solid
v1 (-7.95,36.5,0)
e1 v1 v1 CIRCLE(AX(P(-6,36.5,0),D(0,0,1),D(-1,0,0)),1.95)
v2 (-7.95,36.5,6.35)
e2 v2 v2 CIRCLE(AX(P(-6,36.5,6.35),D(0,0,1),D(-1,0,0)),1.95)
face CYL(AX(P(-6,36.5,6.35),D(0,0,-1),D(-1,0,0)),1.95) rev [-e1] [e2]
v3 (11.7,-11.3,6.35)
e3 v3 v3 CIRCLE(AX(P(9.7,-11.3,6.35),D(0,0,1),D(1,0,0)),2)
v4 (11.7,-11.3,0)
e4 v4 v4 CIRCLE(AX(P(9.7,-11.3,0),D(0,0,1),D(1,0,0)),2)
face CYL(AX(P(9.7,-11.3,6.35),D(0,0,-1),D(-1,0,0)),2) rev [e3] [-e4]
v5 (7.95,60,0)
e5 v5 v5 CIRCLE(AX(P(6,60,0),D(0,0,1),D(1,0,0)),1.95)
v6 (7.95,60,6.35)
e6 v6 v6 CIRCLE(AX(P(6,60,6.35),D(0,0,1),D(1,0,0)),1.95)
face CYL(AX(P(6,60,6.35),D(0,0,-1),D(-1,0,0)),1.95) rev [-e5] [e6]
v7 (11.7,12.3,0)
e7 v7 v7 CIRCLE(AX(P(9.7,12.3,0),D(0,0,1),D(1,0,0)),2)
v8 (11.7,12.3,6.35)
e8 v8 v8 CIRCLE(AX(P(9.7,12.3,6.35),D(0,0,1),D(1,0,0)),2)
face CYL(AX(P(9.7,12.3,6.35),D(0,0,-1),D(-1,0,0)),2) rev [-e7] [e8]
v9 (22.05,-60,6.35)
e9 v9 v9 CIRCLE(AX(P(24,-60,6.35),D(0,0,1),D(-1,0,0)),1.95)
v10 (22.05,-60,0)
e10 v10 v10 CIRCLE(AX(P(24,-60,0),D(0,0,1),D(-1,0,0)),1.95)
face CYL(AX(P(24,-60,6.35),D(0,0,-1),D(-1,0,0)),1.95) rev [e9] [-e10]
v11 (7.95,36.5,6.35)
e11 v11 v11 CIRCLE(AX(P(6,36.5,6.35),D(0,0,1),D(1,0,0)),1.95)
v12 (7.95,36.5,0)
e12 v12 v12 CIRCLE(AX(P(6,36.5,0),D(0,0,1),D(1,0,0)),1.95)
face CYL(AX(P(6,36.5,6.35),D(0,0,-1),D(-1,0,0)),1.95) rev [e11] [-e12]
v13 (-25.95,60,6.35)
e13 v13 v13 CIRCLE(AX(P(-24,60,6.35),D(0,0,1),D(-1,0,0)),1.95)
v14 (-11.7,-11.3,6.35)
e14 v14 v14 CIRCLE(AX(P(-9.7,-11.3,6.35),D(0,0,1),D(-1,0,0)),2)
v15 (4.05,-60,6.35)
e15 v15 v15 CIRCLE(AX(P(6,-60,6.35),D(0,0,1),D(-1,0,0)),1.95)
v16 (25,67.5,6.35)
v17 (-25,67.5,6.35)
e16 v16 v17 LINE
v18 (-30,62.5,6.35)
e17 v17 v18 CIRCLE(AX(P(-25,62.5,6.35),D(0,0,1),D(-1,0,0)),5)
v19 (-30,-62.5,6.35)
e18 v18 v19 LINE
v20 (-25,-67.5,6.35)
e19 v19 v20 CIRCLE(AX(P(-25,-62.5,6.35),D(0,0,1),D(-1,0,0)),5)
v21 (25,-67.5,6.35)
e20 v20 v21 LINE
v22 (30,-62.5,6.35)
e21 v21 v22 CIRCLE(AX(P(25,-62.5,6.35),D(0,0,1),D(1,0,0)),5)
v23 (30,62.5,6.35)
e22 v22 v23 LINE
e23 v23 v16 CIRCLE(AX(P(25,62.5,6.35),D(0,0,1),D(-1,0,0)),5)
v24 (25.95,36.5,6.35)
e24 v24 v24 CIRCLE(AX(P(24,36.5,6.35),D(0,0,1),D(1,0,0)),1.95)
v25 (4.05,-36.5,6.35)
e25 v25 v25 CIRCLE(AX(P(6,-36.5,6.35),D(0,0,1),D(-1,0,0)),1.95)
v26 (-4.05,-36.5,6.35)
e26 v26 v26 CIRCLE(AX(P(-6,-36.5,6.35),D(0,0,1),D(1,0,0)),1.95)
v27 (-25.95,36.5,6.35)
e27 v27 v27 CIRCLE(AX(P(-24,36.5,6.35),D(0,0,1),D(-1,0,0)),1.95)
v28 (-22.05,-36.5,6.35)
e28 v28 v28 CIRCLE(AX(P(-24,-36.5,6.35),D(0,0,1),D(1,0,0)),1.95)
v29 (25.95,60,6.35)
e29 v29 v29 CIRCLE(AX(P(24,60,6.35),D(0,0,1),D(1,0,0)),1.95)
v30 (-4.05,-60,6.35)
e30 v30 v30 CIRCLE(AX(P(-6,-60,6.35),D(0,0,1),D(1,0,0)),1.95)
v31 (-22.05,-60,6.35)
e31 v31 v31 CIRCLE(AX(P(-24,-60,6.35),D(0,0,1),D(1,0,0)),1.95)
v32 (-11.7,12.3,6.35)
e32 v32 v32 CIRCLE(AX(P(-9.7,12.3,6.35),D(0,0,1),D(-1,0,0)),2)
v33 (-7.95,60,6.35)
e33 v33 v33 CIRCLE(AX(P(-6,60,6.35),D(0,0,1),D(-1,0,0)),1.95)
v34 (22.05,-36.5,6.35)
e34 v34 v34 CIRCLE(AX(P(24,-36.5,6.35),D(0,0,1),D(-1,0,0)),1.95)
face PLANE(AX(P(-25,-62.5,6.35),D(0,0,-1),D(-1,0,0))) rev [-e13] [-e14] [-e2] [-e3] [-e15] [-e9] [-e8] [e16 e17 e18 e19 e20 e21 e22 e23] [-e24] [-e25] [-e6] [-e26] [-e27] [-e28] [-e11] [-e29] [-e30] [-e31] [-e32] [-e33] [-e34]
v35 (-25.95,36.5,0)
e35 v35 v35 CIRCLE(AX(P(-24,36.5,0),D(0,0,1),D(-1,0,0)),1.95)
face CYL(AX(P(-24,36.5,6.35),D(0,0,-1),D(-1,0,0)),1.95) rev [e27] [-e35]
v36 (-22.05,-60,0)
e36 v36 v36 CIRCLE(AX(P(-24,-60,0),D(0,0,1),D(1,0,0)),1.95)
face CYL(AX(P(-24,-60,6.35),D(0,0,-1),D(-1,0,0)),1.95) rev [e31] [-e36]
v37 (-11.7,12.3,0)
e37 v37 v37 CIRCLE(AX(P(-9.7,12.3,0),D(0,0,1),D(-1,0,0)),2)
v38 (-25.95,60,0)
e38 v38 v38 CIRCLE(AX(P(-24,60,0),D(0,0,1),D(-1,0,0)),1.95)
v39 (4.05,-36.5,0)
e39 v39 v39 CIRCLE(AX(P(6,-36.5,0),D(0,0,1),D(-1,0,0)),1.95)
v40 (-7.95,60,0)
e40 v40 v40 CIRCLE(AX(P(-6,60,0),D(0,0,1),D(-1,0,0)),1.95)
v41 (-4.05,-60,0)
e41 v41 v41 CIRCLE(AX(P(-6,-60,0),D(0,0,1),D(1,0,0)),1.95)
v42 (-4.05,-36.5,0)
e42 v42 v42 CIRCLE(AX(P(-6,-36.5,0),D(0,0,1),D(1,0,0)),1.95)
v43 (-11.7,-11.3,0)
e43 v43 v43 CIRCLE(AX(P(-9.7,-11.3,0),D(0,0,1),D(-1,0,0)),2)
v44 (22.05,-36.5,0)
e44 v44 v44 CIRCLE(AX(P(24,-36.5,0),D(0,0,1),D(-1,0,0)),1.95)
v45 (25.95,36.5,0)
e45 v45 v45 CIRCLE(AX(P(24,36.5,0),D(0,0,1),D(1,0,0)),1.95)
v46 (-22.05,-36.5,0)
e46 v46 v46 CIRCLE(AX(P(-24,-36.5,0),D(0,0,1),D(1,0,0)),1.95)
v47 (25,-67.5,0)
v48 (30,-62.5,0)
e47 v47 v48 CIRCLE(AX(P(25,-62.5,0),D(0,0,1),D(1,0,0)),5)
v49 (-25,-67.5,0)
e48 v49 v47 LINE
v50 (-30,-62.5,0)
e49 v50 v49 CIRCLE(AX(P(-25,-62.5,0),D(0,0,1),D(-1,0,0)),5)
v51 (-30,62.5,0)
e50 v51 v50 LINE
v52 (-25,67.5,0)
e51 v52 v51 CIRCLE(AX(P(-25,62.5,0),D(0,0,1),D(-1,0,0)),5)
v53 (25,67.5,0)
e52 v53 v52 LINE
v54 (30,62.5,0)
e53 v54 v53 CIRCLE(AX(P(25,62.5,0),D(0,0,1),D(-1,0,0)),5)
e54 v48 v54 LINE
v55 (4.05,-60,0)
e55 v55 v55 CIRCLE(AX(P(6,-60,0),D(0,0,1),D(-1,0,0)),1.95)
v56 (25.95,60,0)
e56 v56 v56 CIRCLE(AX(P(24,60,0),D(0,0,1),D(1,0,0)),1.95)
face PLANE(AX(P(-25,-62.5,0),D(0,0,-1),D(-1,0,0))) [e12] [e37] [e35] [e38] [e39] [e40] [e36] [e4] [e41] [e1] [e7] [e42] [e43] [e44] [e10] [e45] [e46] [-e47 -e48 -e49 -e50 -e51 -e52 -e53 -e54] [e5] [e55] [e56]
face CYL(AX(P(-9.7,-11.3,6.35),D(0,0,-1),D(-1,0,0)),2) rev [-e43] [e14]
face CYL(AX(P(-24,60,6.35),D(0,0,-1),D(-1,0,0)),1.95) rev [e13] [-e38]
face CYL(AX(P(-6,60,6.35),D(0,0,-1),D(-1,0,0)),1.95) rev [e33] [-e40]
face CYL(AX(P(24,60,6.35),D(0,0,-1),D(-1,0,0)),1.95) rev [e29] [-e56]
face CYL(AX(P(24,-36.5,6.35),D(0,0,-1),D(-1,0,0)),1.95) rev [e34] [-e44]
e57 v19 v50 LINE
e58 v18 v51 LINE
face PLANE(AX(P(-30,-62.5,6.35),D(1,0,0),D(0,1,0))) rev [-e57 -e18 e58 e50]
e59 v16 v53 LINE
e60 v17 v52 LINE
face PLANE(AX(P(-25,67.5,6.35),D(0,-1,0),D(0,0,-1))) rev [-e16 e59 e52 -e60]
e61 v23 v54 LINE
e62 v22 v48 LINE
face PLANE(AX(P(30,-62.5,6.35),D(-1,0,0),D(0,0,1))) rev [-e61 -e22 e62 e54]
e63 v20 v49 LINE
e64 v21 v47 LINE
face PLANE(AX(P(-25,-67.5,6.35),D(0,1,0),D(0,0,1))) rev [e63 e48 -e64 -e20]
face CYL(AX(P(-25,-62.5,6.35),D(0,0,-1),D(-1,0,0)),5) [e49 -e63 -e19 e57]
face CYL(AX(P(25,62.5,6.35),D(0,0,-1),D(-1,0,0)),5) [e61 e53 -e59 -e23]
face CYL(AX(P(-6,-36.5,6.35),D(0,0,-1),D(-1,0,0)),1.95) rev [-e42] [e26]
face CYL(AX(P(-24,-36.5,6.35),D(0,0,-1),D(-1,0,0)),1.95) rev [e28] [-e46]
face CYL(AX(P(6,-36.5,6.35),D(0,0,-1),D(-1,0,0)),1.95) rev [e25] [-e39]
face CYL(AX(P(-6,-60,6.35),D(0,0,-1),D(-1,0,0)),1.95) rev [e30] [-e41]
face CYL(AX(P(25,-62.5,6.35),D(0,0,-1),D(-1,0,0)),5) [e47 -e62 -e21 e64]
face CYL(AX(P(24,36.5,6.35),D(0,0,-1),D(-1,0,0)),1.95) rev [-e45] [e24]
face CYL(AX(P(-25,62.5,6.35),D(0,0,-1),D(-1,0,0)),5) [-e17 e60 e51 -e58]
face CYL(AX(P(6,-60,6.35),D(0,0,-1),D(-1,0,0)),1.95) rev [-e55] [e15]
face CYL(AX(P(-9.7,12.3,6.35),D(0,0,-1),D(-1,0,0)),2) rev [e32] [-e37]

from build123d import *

# Parameters (mm, degrees)
SKETCH1_R           = 1.95
SKETCH1_R_2         = 2
BOSS_EXTRUDE1_DEPTH = 6.35


with BuildPart() as part:
    # Sketch1 → Boss-Extrude1 (new body)
    with BuildSketch(Plane.XY):
        with BuildLine():
            Line((-25, -67.5), (25, -67.5))
            ThreePointArc((25, -67.5), (28.535533906, -66.035533906), (30, -62.5))
            Line((30, -62.5), (30, 62.5))
            ThreePointArc((30, 62.5), (28.535533906, 66.035533906), (25, 67.5))
            Line((25, 67.5), (-25, 67.5))
            ThreePointArc((-25, 67.5), (-28.535533906, 66.035533906), (-30, 62.5))
            Line((-30, 62.5), (-30, -62.5))
            ThreePointArc((-30, -62.5), (-28.535533906, -66.035533906), (-25, -67.5))
        make_face()
        with Locations((24, 60)):
            Circle(SKETCH1_R, mode=Mode.SUBTRACT)
        with Locations((6, 60)):
            Circle(SKETCH1_R, mode=Mode.SUBTRACT)
        with Locations((6, 36.5)):
            Circle(SKETCH1_R, mode=Mode.SUBTRACT)
        with Locations((24, 36.5)):
            Circle(SKETCH1_R, mode=Mode.SUBTRACT)
        with Locations(Location((-6, 60, 0), (0, 0, 180))):
            Circle(SKETCH1_R, mode=Mode.SUBTRACT)
        with Locations(Location((-24, 60, 0), (0, 0, 180))):
            Circle(SKETCH1_R, mode=Mode.SUBTRACT)
        with Locations(Location((-24, 36.5, 0), (0, 0, 180))):
            Circle(SKETCH1_R, mode=Mode.SUBTRACT)
        with Locations(Location((-6, 36.5, 0), (0, 0, 180))):
            Circle(SKETCH1_R, mode=Mode.SUBTRACT)
        with Locations((-24, -36.5)):
            Circle(SKETCH1_R, mode=Mode.SUBTRACT)
        with Locations((-6, -36.5)):
            Circle(SKETCH1_R, mode=Mode.SUBTRACT)
        with Locations(Location((6, -36.5, 0), (0, 0, 180))):
            Circle(SKETCH1_R, mode=Mode.SUBTRACT)
        with Locations(Location((24, -36.5, 0), (0, 0, 180))):
            Circle(SKETCH1_R, mode=Mode.SUBTRACT)
        with Locations(Location((24, -60, 0), (0, 0, 180))):
            Circle(SKETCH1_R, mode=Mode.SUBTRACT)
        with Locations(Location((6, -60, 0), (0, 0, 180))):
            Circle(SKETCH1_R, mode=Mode.SUBTRACT)
        with Locations((-6, -60)):
            Circle(SKETCH1_R, mode=Mode.SUBTRACT)
        with Locations((-24, -60)):
            Circle(SKETCH1_R, mode=Mode.SUBTRACT)
        with Locations((9.7, -11.3)):
            Circle(SKETCH1_R_2, mode=Mode.SUBTRACT)
        with Locations((9.7, 12.3)):
            Circle(SKETCH1_R_2, mode=Mode.SUBTRACT)
        with Locations(Location((-9.7, -11.3, 0), (0, 0, 180))):
            Circle(SKETCH1_R_2, mode=Mode.SUBTRACT)
        with Locations(Location((-9.7, 12.3, 0), (0, 0, 180))):
            Circle(SKETCH1_R_2, mode=Mode.SUBTRACT)
    extrude(amount=BOSS_EXTRUDE1_DEPTH)


solid = part.part
